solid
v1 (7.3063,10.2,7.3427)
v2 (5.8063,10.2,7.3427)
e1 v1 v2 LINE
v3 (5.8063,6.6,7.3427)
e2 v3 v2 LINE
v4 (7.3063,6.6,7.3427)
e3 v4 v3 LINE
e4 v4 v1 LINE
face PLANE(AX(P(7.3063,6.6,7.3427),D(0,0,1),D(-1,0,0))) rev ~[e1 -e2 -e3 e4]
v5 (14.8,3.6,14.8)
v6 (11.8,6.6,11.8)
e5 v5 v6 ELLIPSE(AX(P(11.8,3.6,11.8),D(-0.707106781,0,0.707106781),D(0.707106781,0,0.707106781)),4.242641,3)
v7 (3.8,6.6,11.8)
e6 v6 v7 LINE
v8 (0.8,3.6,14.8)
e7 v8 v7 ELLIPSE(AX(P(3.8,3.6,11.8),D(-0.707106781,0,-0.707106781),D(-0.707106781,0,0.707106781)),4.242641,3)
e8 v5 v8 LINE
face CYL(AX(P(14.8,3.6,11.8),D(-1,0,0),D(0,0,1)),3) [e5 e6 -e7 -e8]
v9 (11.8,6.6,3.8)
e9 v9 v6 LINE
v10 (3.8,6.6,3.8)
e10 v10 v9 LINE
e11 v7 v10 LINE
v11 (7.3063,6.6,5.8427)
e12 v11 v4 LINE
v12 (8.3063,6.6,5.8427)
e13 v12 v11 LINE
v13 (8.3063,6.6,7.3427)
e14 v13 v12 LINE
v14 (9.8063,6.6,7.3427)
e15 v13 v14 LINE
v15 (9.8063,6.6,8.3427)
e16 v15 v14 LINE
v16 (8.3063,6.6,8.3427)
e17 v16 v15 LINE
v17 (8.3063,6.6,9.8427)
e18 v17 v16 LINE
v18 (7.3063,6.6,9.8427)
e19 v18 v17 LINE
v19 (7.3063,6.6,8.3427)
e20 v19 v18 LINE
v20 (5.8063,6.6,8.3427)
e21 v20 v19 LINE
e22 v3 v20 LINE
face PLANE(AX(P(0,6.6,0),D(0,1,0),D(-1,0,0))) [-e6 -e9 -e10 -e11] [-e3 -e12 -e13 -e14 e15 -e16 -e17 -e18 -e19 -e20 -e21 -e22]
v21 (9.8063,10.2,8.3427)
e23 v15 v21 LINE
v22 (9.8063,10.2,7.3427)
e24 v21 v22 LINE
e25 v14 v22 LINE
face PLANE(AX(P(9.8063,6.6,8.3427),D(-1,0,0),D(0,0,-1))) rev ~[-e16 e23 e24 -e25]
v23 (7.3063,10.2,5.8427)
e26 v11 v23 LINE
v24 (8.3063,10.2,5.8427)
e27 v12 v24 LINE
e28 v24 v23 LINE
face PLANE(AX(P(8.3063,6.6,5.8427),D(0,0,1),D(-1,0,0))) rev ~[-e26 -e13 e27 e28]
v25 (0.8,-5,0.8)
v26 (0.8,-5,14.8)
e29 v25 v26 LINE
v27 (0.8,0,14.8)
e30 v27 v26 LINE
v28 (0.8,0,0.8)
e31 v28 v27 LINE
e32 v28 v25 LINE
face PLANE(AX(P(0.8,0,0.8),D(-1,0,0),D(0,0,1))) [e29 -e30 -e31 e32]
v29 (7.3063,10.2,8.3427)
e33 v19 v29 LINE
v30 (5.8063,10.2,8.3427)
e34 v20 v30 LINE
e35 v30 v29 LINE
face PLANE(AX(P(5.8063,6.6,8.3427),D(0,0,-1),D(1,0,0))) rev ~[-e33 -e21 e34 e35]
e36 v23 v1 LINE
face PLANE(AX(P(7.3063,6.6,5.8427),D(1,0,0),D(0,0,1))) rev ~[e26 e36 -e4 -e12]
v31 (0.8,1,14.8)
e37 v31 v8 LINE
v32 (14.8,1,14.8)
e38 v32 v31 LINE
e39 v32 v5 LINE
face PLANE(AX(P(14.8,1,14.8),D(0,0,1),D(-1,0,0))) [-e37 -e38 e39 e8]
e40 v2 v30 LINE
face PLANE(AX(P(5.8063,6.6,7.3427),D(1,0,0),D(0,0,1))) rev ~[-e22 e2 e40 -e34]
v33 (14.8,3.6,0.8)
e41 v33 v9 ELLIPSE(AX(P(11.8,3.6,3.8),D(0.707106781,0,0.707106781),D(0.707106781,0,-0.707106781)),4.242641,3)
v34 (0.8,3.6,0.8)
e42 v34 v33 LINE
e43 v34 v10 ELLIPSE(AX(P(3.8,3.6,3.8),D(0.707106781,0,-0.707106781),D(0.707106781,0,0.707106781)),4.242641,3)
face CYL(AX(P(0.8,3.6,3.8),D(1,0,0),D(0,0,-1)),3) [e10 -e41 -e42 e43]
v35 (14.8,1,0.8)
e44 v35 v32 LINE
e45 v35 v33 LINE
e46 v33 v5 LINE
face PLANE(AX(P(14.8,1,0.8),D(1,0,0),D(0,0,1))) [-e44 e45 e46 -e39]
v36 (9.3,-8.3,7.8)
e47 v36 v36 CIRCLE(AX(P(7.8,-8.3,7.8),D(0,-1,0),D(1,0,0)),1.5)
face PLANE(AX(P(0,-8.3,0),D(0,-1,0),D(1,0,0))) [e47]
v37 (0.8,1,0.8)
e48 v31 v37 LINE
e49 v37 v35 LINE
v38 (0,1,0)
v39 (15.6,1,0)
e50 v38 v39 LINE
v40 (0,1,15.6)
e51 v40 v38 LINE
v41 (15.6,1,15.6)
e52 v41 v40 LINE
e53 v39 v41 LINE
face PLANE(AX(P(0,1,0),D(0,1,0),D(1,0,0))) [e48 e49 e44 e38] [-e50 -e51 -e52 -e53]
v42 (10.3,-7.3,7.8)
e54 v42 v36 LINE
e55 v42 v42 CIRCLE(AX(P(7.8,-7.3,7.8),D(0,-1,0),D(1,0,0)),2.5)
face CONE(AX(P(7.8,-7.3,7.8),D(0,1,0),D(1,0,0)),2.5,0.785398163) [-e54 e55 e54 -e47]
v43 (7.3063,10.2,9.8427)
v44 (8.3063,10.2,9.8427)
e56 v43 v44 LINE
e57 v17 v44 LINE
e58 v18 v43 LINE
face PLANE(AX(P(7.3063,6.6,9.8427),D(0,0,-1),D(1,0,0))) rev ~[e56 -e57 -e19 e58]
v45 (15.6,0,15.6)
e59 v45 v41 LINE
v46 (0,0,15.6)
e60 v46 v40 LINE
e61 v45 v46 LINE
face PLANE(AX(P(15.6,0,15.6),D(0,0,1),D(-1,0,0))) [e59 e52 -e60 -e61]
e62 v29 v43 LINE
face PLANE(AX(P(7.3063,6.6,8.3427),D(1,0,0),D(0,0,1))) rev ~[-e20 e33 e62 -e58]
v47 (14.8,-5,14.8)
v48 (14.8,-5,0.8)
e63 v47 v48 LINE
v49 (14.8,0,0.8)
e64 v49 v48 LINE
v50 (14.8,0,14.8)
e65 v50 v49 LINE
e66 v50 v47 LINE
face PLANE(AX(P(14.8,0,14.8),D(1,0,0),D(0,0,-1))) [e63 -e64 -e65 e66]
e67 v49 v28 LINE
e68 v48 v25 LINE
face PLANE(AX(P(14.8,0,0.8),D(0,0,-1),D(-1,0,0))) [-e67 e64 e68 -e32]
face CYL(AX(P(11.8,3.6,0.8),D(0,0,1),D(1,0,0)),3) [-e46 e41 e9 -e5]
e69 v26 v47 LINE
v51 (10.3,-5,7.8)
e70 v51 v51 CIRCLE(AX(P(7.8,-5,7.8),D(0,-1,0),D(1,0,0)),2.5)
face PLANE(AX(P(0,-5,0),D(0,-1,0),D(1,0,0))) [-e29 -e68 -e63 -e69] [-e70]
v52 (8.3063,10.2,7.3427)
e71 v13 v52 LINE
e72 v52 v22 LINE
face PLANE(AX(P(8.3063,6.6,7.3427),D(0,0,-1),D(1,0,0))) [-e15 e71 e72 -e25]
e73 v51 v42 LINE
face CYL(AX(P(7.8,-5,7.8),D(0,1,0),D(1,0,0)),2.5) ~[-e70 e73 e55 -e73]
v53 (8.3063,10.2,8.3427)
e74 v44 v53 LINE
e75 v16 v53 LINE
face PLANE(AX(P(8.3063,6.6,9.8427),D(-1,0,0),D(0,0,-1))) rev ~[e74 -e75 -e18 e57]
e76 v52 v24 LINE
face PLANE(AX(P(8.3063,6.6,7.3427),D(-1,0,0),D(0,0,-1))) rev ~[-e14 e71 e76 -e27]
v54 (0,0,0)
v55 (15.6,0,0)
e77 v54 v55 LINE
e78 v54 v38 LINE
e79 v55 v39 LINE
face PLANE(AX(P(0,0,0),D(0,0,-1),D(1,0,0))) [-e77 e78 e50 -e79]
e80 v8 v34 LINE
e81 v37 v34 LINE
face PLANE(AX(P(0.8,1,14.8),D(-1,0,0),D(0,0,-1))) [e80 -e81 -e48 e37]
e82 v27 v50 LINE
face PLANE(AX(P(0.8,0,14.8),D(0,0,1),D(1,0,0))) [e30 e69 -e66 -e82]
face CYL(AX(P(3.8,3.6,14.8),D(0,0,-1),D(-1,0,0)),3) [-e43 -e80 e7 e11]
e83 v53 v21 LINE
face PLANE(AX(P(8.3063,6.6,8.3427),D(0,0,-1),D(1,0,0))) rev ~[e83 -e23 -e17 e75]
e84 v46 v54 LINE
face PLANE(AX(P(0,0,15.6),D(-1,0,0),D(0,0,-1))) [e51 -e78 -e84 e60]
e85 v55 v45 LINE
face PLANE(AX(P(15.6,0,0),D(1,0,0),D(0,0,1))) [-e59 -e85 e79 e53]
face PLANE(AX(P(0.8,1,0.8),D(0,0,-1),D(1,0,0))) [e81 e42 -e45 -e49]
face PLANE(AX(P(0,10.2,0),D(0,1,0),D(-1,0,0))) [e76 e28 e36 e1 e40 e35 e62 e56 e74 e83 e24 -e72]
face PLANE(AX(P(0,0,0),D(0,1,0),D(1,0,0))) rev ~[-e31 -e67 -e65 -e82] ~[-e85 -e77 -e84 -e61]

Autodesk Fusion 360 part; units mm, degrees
sketch "Sketch1" plane through (0, 0, 0) normal (0, 1, 0) x (1, 0, 0)
  line L0 (0, 0) -> (15.6, 0)
  line L1 (15.6, 0) -> (15.6, -15.6)
  line L2 (15.6, -15.6) -> (0, -15.6)
  line L3 (0, -15.6) -> (0, 0)
  dimension "d1" = 15.6
  dimension "d2" = 15.6
extrude "Extrude1" add sketch "Sketch1" along normal blind 1
sketch "Sketch4" plane through (0, 0, 0) normal (0, -1, 0) x (1, 0, 0)
  line L0 (15.6, 15.6) -> (0, 15.6)
  line L1 (0, 15.6) -> (0, 0)
  line L2 (0, 0) -> (15.6, 0)
  line L3 (15.6, 0) -> (15.6, 15.6)
  line L4 (0.8, 14.8) -> (14.8, 14.8)
  line L5 (14.8, 14.8) -> (14.8, 0.8)
  line L6 (14.8, 0.8) -> (0.8, 0.8)
  line L7 (0.8, 0.8) -> (0.8, 14.8)
  dimension "d7" = 0.8
  dimension "d8" = 0.8
  dimension "d9" = 0.8
  dimension "d10" = 0.8
extrude "Extrude2" add sketch "Sketch4" along normal blind 5 contours L4 L5 L6 L7
sketch "Sketch5" plane through (0, 1, 0) normal (0, 1, 0) x (-1, 0, 0)
  line L0 (0, 15.6) -> (-15.6, 15.6)
  line L1 (-15.6, 15.6) -> (-15.6, 0)
  line L2 (-15.6, 0) -> (0, 0)
  line L3 (0, 0) -> (0, 15.6)
  line L4 (-0.8, 0.8) -> (-14.8, 0.8)
  line L5 (-14.8, 0.8) -> (-14.8, 14.8)
  line L6 (-14.8, 14.8) -> (-0.8, 14.8)
  line L7 (-0.8, 14.8) -> (-0.8, 0.8)
  dimension "d13" = 0.8
  dimension "d14" = 0.8
  dimension "d15" = 0.8
  dimension "d16" = 0.8
extrude "Extrude3" add sketch "Sketch5" along normal blind 5.6 contours L4 L5 L6 L7
fillet "Fillet1" radius 3 4 edges at (7.8, 6.6, 0.8) (14.8, 6.6, 7.8) (7.8, 6.6, 14.8) (0.8, 6.6, 7.8)
sketch "Sketch6" plane through (0, 6.6, 0) normal (0, 1, 0) x (-1, 0, 0)
  line L0 (-3.8, 11.8) -> (-11.8, 11.8)
  line L1 (-11.8, 11.8) -> (-11.8, 3.8)
  line L2 (-11.8, 3.8) -> (-3.8, 3.8)
  line L3 (-3.8, 3.8) -> (-3.8, 11.8)
  line L4 (-8.3063, 7.3427) -> (-8.3063, 5.8427)
  line L5 (-8.3063, 7.3427) -> (-9.8063, 7.3427)
  line L6 (-8.3063, 5.8427) -> (-7.3063, 5.8427)
  line L7 (-7.3063, 5.8427) -> (-7.3063, 7.3427)
  line L8 (-7.3063, 7.3427) -> (-5.8063, 7.3427)
  line L9 (-5.8063, 7.3427) -> (-5.8063, 8.3427)
  line L10 (-5.8063, 8.3427) -> (-7.3063, 8.3427)
  line L11 (-7.3063, 8.3427) -> (-7.3063, 9.8427)
  line L12 (-7.3063, 9.8427) -> (-8.3063, 9.8427)
  line L13 (-8.3063, 9.8427) -> (-8.3063, 8.3427)
  line L14 (-8.3063, 8.3427) -> (-9.8063, 8.3427)
  line L15 (-9.8063, 8.3427) -> (-9.8063, 7.3427)
extrude "Extrude4" add sketch "Sketch6" along normal blind 3.6 contours L4 L5 L6 L7 L8 L9 L10 L11 L12 L13 L14 L15
sketch "Sketch7" plane through (0, -5, 0) normal (0, -1, 0) x (1, 0, 0)
  line L0 (0.8, 0.8) -> (14.8, 0.8)
  line L1 (14.8, 0.8) -> (14.8, 14.8)
  line L2 (14.8, 14.8) -> (0.8, 14.8)
  line L3 (0.8, 14.8) -> (0.8, 0.8)
  circle A0 centre (7.8, 7.8) radius 2.5
extrude "Extrude5" add sketch "Sketch7" along normal blind 3.3 contours A0
chamfer "Chamfer1" distance 1 angle 45 1 edges at (5.4692, -8.3, 6.896)
